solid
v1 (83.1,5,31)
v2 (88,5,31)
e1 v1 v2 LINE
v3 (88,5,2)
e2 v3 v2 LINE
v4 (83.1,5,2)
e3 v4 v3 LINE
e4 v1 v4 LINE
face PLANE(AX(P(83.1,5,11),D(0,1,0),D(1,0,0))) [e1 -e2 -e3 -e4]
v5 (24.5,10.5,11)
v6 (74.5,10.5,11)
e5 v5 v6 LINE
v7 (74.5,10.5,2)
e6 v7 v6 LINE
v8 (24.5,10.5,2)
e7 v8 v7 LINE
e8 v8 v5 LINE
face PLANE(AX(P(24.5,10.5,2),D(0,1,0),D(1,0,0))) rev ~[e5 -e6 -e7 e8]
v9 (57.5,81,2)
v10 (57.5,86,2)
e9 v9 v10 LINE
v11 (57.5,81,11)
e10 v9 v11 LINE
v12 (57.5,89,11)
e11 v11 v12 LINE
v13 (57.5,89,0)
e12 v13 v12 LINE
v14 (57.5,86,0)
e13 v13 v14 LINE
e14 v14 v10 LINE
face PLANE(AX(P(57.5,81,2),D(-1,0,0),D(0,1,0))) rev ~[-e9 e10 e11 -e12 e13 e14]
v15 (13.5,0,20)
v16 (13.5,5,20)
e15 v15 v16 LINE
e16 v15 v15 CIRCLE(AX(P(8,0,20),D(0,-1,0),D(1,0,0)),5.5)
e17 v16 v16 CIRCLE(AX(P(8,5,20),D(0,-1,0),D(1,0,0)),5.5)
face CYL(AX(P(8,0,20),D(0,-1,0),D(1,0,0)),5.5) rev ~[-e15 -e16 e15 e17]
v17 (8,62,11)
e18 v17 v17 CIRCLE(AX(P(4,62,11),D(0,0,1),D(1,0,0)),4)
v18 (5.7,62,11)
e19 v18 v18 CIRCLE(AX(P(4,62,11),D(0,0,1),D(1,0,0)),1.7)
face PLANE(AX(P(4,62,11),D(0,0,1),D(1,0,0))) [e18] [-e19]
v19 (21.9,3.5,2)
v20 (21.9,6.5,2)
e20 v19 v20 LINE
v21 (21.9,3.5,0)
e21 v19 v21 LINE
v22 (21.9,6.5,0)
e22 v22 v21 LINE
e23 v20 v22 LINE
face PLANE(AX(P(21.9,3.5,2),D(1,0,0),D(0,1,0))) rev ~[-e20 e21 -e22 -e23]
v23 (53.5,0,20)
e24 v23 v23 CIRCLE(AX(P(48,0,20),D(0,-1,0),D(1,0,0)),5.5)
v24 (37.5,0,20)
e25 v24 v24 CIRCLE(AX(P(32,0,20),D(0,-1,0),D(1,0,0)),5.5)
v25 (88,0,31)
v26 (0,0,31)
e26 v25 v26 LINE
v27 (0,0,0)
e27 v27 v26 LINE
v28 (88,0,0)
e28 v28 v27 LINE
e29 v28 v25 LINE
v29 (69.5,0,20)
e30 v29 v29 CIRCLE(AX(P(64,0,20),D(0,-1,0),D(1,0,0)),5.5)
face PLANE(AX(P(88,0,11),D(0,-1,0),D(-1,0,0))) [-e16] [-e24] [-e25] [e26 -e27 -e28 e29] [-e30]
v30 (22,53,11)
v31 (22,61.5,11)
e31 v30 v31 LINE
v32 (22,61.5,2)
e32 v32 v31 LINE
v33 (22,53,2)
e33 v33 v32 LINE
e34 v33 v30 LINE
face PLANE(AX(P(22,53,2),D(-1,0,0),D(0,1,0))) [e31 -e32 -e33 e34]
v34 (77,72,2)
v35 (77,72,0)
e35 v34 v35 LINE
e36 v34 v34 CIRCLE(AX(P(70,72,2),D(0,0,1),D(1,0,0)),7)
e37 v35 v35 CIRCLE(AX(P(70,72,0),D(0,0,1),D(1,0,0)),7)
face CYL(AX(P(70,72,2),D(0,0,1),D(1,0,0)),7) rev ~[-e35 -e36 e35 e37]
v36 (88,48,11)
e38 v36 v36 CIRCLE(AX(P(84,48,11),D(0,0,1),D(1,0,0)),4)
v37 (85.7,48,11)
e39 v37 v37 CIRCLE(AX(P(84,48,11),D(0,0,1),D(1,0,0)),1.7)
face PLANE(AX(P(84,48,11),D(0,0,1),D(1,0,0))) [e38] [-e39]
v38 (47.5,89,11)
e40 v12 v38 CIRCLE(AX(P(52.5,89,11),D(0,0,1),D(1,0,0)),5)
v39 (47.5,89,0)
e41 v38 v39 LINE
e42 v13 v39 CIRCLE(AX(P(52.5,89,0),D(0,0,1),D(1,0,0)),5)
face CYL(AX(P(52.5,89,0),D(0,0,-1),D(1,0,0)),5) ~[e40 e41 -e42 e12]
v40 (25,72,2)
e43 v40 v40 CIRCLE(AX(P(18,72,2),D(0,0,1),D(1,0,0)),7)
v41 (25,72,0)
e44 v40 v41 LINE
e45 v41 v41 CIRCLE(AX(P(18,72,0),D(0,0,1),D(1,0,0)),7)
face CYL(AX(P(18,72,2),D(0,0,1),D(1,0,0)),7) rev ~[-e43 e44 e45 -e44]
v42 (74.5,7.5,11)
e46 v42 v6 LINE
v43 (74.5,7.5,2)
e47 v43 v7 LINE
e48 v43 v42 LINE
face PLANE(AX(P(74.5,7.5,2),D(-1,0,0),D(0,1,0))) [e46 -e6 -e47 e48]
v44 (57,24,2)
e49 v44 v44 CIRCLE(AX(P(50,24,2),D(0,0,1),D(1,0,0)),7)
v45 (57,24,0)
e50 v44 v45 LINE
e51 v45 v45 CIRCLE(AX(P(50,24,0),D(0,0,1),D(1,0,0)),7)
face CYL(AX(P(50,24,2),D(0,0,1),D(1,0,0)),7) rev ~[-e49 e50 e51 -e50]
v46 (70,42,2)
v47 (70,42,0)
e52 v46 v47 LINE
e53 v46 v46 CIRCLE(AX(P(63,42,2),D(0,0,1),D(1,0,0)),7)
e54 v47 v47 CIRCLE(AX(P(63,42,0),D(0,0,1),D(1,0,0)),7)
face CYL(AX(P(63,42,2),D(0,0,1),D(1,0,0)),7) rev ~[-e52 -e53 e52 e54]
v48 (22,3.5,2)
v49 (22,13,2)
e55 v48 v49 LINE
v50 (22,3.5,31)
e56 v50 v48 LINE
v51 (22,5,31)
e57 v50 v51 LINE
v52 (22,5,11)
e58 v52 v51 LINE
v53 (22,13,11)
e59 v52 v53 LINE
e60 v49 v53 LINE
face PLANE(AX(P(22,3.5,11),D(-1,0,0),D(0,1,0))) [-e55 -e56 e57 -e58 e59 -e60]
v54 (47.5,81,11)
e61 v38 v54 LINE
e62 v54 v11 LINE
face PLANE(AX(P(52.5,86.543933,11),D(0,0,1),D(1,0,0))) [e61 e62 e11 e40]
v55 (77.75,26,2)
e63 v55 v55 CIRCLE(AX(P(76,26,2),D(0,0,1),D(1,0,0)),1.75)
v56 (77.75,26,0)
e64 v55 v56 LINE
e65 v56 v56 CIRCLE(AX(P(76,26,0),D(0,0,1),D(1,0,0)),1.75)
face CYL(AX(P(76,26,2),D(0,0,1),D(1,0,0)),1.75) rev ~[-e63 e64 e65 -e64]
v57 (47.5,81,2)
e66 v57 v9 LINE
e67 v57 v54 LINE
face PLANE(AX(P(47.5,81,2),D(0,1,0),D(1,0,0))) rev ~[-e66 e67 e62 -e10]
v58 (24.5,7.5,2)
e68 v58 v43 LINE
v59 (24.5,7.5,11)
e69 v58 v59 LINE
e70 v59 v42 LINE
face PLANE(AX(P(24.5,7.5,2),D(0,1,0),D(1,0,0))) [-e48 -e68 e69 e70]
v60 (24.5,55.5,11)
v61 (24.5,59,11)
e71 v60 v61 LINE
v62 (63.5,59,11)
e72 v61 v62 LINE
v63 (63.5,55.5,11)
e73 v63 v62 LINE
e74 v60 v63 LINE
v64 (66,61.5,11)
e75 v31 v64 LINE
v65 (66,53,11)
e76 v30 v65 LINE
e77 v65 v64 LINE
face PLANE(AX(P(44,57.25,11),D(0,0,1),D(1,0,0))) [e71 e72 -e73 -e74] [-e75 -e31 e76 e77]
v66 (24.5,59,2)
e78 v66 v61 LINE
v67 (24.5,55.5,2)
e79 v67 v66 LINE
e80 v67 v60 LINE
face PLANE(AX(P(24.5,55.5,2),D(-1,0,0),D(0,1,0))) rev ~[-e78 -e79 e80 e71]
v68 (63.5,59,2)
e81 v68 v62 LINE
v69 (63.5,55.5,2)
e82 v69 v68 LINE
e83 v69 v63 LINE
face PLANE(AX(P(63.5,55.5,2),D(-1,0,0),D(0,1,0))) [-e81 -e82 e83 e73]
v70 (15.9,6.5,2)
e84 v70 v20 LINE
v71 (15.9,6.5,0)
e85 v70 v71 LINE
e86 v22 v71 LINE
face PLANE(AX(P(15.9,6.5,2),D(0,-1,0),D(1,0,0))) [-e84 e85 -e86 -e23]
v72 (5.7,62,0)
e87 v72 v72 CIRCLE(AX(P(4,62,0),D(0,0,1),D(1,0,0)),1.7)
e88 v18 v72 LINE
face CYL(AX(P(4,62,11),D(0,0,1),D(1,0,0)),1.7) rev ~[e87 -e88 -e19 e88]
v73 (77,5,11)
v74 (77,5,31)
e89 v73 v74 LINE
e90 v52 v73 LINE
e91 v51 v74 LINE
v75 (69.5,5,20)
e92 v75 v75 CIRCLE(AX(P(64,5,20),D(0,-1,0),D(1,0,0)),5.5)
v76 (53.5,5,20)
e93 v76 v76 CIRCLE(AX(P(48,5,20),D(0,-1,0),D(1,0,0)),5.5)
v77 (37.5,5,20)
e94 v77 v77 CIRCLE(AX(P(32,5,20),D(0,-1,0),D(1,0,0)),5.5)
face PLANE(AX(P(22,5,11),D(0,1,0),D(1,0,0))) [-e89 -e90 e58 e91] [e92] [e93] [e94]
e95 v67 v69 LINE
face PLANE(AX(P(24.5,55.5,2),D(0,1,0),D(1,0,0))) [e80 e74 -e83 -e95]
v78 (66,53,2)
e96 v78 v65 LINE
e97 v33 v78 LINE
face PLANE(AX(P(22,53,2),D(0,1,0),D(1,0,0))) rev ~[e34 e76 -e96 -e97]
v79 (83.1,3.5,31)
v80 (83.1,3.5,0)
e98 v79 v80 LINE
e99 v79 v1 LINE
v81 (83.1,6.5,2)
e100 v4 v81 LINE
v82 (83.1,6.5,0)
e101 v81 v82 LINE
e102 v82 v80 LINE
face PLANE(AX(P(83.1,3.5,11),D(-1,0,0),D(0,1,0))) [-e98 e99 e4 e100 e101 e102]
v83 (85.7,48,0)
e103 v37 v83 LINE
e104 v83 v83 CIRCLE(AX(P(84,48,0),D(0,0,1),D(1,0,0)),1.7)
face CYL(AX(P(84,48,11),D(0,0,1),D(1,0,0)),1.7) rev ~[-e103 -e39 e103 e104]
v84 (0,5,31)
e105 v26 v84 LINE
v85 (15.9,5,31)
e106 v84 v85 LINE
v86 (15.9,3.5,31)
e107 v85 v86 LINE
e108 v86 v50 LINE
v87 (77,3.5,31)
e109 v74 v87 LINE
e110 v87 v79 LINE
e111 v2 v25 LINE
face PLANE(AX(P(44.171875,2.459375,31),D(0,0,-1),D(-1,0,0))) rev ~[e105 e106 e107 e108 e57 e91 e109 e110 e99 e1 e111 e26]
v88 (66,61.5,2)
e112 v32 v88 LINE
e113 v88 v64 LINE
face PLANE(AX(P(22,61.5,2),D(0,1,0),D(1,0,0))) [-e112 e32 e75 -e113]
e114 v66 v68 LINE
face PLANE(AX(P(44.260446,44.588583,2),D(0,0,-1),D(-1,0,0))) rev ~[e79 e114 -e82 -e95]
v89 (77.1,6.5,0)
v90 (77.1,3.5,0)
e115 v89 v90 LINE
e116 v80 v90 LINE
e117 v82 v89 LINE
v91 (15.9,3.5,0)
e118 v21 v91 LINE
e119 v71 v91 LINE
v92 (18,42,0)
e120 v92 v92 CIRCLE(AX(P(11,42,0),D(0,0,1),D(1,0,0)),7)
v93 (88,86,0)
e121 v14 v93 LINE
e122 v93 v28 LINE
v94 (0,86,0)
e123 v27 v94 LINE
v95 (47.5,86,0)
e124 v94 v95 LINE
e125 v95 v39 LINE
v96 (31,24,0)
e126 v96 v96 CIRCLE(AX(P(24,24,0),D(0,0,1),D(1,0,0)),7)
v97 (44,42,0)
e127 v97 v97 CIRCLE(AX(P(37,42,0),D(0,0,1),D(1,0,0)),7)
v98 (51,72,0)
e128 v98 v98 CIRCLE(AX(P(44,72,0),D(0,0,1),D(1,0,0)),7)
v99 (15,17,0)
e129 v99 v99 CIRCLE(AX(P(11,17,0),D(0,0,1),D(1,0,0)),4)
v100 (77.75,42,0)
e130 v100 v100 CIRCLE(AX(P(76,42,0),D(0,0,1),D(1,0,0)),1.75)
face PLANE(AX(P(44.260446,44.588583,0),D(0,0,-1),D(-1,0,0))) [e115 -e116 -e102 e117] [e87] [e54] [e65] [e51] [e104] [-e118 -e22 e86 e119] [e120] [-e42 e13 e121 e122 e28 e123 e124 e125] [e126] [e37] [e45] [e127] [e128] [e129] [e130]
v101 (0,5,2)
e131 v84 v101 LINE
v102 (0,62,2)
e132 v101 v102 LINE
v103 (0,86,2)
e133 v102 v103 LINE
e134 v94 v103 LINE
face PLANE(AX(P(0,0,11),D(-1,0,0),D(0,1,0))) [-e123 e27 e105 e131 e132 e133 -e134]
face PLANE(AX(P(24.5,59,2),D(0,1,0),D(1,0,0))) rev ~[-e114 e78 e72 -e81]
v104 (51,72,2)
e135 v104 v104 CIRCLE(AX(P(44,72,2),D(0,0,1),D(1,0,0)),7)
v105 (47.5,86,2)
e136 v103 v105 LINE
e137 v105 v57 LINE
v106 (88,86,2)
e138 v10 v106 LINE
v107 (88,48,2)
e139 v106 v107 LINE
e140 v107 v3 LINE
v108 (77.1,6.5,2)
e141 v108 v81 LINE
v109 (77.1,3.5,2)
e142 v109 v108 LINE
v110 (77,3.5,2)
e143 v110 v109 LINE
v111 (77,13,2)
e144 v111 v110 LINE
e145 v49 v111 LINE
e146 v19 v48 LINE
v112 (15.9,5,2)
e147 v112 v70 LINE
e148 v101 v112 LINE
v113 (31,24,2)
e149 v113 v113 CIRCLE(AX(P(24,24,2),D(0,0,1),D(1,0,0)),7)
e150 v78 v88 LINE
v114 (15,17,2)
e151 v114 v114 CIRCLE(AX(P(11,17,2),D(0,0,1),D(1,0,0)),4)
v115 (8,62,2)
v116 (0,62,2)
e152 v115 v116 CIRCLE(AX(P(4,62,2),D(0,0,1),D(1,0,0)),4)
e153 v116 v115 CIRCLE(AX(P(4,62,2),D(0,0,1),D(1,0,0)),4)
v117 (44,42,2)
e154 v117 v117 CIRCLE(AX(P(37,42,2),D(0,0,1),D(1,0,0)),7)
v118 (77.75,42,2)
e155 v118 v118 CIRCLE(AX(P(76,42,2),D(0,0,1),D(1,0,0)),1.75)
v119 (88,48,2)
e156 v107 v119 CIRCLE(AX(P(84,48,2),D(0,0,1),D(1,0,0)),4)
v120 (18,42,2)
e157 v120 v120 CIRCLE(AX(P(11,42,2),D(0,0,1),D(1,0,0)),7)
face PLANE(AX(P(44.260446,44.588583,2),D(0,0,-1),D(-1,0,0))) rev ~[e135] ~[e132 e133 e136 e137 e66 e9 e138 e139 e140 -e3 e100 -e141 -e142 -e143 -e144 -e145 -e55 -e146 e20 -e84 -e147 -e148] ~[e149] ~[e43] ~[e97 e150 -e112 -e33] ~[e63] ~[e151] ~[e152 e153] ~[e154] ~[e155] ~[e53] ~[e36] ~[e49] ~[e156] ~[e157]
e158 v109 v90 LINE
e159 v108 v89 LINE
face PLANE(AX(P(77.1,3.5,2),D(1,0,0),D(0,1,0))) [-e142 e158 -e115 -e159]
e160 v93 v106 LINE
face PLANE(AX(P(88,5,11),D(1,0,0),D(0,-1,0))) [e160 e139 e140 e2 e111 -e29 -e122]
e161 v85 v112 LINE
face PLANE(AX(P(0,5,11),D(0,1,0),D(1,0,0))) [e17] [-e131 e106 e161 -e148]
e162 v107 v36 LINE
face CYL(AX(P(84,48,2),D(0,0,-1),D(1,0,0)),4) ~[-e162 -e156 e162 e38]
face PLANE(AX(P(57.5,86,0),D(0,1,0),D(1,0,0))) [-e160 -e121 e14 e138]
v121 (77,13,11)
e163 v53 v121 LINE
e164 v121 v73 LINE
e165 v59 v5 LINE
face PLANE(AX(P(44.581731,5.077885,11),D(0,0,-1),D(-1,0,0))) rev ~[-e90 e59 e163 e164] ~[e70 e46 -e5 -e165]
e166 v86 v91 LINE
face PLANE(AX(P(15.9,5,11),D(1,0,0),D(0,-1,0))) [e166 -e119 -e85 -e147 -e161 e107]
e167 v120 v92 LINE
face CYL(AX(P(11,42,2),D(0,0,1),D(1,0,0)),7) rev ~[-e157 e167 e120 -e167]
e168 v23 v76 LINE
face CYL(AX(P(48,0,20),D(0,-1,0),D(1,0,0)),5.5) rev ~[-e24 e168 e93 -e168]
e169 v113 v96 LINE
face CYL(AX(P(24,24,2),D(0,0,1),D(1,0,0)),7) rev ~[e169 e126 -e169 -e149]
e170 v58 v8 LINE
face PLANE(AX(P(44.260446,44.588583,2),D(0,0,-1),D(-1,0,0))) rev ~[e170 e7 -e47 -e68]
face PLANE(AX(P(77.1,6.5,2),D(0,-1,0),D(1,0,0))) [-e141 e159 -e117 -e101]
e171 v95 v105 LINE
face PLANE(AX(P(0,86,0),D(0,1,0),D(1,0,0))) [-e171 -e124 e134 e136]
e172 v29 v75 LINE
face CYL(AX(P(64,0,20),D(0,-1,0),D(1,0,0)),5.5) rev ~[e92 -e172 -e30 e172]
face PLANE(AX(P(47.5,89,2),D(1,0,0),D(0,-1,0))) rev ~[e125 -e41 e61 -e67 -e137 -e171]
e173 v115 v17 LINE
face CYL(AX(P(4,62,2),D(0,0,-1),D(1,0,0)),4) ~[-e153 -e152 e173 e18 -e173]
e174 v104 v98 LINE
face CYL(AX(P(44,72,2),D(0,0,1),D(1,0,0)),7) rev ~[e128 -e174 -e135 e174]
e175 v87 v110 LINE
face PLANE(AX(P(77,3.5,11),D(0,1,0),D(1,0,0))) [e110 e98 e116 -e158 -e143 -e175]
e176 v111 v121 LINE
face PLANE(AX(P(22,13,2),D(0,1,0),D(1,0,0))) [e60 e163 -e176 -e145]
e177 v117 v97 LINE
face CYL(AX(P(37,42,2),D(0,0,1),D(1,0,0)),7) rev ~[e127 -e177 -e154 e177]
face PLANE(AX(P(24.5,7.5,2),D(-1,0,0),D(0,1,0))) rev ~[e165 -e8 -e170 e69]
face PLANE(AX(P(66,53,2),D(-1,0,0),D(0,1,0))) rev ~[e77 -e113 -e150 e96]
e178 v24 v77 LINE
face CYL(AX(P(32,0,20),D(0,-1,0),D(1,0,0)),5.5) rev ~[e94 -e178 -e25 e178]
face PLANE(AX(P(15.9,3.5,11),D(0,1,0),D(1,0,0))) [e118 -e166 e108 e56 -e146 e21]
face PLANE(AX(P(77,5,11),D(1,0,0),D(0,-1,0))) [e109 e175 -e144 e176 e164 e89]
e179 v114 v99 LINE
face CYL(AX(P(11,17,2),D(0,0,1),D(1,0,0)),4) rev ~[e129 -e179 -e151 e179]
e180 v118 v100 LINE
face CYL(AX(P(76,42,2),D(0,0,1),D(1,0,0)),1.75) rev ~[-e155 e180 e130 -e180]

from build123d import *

# Parameters (mm, degrees)
PAD_DEPTH       = 2
SKETCH001_W     = 50
SKETCH001_H     = 3
SKETCH001_W_2   = 44
SKETCH001_H_2   = 8.5
SKETCH001_W_3   = 39
SKETCH001_H_3   = 3.5
SKETCH001_R     = 4
PAD001_DEPTH    = 9
SKETCH003_R     = 1.75
SKETCH003_R_2   = 7
SKETCH003_R_3   = 4
SKETCH003_W     = 6
SKETCH003_H     = 3
POCKET_DEPTH    = 5
PAD002_DEPTH    = 20
SKETCH006_R     = 5.5
POCKET001_DEPTH = 5
SKETCH004_R     = 1.7
POCKET002_DEPTH = 11


with BuildPart() as part:
    # Sketch → Pad (new body)
    with BuildSketch(Plane.XY):
        with BuildLine():
            Line((0, 0), (0, 86))
            Line((0, 86), (47.5, 86))
            Line((47.5, 86), (47.5, 89))
            ThreePointArc((57.5, 89), (52.5, 94), (47.5, 89))
            Line((57.5, 89), (57.5, 86))
            Line((57.5, 86), (88, 86))
            Line((88, 86), (88, 0))
            Line((88, 0), (0, 0))
        make_face()
    extrude(amount=PAD_DEPTH)

    # Sketch001 → Pad001 (new body)
    with BuildSketch(Plane.XY.offset(2)):
        Polygon((0, 0), (0, 5), (15.9, 5), (15.9, 3.5), (22, 3.5), (22, 13), (77, 13), (77, 3.5), (83.1, 3.5), (83.1, 5), (88, 5), (88, 0), align=None)
        with Locations((49.5, 9)):
            Rectangle(SKETCH001_W, SKETCH001_H, mode=Mode.SUBTRACT)
        with Locations((44, 57.25)):
            Rectangle(SKETCH001_W_2, SKETCH001_H_2)
        with Locations((44, 57.25)):
            Rectangle(SKETCH001_W_3, SKETCH001_H_3, mode=Mode.SUBTRACT)
        with BuildLine():
            Line((47.5, 89), (47.5, 81))
            Line((47.5, 81), (57.5, 81))
            Line((57.5, 81), (57.5, 89))
            ThreePointArc((57.5, 89), (52.5, 94), (47.5, 89))
        make_face()
        with Locations((4, 62)):
            Circle(SKETCH001_R)
        with Locations((84, 48)):
            Circle(SKETCH001_R)
    extrude(amount=PAD001_DEPTH)

    # Sketch003 → Pocket (cut)
    with BuildSketch(Plane.XY.offset(2)):
        with Locations((76, 42)):
            Circle(SKETCH003_R)
        with Locations((76, 26)):
            Circle(SKETCH003_R)
        with Locations((37, 42)):
            Circle(SKETCH003_R_2)
        with Locations((24, 24)):
            Circle(SKETCH003_R_2)
        with Locations((63, 42)):
            Circle(SKETCH003_R_2)
        with Locations((50, 24)):
            Circle(SKETCH003_R_2)
        with Locations((70, 72)):
            Circle(SKETCH003_R_2)
        with Locations((44, 72)):
            Circle(SKETCH003_R_2)
        with Locations((18, 72)):
            Circle(SKETCH003_R_2)
        with Locations((11, 42)):
            Circle(SKETCH003_R_2)
        with Locations((11, 17)):
            Circle(SKETCH003_R_3)
        with Locations((80.1, 5)):
            Rectangle(SKETCH003_W, SKETCH003_H)
        with Locations((18.9, 5)):
            Rectangle(SKETCH003_W, SKETCH003_H)
    extrude(amount=-POCKET_DEPTH, mode=Mode.SUBTRACT)

    # Sketch005 → Pad002 (new body)
    with BuildSketch(Plane.XY.offset(11)):
        Polygon((0, 0), (0, 5), (15.9, 5), (15.9, 3.5), (22, 3.5), (22, 5), (77, 5), (77, 3.5), (83.1, 3.5), (83.1, 5), (88, 5), (88, 0), align=None)
    extrude(amount=PAD002_DEPTH)

    # Sketch006 → Pocket001 (cut)
    with BuildSketch(Plane.XZ):
        with Locations((8, 20)):
            Circle(SKETCH006_R)
        with Locations((32, 20)):
            Circle(SKETCH006_R)
        with Locations((48, 20)):
            Circle(SKETCH006_R)
        with Locations((64, 20)):
            Circle(SKETCH006_R)
    extrude(amount=-POCKET001_DEPTH, mode=Mode.SUBTRACT)

    # Sketch004 → Pocket002 (cut)
    with BuildSketch(Plane.XY.offset(11)):
        with Locations((4, 62)):
            Circle(SKETCH004_R)
        with Locations((84, 48)):
            Circle(SKETCH004_R)
    extrude(amount=-POCKET002_DEPTH, mode=Mode.SUBTRACT)


solid = part.part
